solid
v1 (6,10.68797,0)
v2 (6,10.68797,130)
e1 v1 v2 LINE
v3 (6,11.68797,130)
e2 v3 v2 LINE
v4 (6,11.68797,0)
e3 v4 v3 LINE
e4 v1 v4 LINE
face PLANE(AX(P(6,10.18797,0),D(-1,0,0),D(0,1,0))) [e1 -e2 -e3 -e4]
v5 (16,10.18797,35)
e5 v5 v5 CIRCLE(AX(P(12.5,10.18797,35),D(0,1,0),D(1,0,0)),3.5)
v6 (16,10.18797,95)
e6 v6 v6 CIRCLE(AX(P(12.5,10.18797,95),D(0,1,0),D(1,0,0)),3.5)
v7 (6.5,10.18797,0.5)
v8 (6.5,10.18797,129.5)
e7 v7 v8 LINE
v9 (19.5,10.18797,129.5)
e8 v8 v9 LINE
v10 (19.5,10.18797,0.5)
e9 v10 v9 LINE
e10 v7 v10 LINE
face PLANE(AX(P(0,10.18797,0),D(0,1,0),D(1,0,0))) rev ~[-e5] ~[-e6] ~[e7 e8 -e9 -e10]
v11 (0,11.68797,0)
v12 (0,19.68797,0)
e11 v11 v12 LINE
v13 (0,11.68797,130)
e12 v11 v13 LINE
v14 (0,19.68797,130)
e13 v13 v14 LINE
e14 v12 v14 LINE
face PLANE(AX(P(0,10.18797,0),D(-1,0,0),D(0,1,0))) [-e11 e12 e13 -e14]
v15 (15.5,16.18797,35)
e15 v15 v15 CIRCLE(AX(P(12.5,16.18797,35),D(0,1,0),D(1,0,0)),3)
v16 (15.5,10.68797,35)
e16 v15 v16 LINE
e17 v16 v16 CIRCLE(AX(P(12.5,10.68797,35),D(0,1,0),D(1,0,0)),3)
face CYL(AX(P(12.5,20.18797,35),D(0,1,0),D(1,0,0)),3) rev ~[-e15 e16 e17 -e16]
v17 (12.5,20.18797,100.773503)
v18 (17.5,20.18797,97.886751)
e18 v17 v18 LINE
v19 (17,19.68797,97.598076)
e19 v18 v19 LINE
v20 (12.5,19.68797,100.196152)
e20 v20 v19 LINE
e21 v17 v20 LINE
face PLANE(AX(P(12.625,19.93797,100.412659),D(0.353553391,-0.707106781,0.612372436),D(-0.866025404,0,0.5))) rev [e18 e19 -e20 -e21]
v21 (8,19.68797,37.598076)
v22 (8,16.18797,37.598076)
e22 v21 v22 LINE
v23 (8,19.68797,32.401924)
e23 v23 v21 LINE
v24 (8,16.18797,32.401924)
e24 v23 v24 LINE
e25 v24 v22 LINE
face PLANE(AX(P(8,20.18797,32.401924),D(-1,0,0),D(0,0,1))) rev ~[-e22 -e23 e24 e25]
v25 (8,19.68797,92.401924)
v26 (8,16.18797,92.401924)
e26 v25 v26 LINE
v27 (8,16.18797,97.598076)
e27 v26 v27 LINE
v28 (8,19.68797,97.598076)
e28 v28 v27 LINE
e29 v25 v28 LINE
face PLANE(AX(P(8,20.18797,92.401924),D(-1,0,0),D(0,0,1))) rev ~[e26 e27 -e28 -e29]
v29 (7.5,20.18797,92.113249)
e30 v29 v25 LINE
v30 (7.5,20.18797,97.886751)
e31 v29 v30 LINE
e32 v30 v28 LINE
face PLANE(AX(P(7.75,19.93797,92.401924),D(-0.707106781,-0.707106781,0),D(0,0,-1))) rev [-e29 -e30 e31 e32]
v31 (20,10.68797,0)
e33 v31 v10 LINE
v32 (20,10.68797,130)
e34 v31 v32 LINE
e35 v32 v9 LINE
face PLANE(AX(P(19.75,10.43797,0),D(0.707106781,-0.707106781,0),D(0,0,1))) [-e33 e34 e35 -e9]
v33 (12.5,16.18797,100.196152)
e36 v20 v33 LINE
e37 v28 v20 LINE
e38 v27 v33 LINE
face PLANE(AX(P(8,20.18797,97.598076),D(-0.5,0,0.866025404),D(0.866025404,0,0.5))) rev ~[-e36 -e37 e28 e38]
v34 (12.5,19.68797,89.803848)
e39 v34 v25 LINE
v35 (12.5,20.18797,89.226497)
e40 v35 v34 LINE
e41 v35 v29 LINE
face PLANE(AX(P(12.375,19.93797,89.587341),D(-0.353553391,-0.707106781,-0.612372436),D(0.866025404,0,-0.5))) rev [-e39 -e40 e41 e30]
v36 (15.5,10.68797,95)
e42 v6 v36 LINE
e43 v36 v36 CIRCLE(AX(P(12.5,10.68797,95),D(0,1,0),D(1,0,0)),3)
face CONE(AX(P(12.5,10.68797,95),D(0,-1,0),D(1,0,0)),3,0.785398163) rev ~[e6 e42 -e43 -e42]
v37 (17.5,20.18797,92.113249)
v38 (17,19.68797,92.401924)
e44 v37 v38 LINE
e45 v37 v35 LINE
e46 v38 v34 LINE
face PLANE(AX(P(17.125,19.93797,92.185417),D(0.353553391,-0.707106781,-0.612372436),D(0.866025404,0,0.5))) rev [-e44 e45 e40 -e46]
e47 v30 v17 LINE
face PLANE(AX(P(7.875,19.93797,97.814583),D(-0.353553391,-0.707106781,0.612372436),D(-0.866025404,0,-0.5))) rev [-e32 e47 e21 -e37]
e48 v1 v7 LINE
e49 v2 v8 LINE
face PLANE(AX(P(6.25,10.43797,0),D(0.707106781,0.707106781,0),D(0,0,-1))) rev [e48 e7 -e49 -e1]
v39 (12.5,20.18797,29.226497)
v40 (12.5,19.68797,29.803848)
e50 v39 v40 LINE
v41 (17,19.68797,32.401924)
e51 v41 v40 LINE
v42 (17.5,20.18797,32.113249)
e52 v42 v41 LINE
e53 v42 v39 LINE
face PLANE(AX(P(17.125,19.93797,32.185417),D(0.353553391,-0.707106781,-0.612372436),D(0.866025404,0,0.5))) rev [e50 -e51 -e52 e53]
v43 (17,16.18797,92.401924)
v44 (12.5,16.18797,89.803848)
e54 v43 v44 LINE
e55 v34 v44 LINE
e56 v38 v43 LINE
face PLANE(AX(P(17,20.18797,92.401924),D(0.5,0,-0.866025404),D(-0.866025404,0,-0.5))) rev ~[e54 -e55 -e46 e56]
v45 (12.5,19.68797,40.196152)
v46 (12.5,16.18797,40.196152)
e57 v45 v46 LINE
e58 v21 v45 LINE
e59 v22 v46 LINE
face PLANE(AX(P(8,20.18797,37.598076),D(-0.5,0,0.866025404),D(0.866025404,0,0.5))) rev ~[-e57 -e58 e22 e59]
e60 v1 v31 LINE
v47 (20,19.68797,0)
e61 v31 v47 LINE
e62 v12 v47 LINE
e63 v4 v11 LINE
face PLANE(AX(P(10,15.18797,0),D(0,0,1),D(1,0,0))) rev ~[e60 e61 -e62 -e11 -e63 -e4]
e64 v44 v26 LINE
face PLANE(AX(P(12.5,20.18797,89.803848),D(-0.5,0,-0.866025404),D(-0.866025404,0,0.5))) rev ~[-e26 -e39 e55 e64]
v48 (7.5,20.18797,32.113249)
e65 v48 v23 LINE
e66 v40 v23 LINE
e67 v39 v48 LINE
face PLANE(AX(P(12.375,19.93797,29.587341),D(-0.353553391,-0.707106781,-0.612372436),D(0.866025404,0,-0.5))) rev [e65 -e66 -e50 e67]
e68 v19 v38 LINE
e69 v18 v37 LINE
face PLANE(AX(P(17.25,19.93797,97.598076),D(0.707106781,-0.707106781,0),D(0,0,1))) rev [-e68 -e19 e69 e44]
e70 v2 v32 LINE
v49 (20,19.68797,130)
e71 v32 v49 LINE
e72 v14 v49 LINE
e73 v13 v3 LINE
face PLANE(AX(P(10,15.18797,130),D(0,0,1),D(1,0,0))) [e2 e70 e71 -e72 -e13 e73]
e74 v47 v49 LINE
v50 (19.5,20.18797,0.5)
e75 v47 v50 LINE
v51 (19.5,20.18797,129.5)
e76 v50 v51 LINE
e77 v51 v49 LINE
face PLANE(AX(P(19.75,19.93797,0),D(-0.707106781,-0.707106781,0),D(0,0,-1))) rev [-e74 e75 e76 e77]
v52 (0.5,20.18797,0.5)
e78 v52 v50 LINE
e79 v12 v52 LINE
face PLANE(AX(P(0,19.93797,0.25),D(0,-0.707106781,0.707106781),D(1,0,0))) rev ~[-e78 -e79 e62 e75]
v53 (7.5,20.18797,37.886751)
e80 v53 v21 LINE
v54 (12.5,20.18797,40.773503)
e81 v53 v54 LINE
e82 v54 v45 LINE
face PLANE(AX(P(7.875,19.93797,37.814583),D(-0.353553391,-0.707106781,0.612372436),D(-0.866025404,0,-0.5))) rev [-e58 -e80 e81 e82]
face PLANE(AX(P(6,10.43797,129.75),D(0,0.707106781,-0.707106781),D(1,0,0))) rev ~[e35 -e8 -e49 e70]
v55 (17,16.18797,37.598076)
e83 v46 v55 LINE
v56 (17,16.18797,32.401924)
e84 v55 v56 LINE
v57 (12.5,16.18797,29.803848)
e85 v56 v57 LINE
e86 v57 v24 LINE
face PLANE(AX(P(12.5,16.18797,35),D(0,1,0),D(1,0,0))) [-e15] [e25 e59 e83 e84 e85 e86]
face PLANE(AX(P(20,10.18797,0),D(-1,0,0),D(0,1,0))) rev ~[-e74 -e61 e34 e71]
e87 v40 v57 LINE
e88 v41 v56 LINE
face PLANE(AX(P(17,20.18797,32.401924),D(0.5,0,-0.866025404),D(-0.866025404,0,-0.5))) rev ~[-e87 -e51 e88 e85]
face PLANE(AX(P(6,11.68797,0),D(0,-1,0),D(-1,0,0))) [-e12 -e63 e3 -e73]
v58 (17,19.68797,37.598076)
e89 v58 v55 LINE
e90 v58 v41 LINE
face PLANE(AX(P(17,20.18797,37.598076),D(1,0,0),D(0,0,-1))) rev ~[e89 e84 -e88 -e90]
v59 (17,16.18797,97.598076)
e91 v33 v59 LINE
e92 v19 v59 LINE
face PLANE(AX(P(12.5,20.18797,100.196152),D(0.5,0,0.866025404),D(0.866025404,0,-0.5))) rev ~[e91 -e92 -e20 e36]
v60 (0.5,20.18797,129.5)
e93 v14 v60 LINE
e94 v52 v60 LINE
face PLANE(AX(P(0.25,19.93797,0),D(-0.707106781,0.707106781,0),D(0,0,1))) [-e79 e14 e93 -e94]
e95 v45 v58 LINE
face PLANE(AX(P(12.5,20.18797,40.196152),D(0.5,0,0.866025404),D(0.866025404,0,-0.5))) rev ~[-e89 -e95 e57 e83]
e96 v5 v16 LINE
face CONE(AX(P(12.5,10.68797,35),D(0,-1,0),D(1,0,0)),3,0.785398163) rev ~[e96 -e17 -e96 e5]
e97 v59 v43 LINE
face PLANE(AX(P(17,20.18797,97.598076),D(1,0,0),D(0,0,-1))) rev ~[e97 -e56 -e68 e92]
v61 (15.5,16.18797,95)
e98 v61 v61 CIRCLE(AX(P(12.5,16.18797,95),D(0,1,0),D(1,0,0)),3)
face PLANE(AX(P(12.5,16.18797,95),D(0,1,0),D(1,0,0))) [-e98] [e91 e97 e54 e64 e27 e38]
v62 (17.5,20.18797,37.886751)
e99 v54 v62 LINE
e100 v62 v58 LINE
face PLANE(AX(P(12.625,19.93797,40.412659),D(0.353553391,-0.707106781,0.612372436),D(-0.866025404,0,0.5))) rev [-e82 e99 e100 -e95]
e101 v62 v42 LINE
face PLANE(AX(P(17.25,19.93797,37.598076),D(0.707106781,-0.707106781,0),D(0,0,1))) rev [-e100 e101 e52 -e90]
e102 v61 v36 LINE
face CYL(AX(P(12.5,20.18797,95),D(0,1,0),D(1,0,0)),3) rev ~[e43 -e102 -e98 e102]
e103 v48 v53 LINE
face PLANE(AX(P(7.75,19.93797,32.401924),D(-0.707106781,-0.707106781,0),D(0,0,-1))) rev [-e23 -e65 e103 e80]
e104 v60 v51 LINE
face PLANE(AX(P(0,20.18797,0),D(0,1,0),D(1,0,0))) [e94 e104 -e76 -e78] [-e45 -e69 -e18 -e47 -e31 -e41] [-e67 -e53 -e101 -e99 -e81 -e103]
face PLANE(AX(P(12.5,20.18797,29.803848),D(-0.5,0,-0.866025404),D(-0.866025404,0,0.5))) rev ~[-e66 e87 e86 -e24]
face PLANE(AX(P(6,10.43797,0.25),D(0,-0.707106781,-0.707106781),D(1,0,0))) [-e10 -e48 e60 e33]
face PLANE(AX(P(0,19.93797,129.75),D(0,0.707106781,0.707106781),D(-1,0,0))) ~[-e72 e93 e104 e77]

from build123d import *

# Parameters (mm, degrees)
SKETCH1_W           = 20
SKETCH1_H           = 10
BOSS_EXTRUDE1_DEPTH = 130
SKETCH2_R           = 3
CUT_EXTRUDE1_DEPTH  = 140
CUT_EXTRUDE2_DEPTH  = 4
LPATTERN1_COUNT     = 2
LPATTERN1_PITCH     = 60
SKETCH4_W           = 6
SKETCH4_H           = 1.5
CUT_EXTRUDE3_DEPTH  = 200
CHAMFER1_SIZE       = 0.5


with BuildPart() as part:
    # Sketch1 → Boss-Extrude1 (new body)
    with BuildSketch(Plane.XY):
        with Locations((10, 15.187969925)):
            Rectangle(SKETCH1_W, SKETCH1_H)
    extrude(amount=BOSS_EXTRUDE1_DEPTH)

    # Sketch2 → Cut-Extrude1 (cut)
    with BuildSketch(Plane(origin=(0, 20.187969925, 0), x_dir=(1, 0, 0), z_dir=(0, 1, 0))):
        with Locations((12.5, -35)):
            Circle(SKETCH2_R)
    cut_extrude1 = extrude(amount=-CUT_EXTRUDE1_DEPTH, mode=Mode.SUBTRACT)

    # Sketch3 → Cut-Extrude2 (cut)
    with BuildSketch(Plane(origin=(0, 20.187969925, 0), x_dir=(1, 0, 0), z_dir=(0, 1, 0))):
        Polygon((12.5, -29.803847577), (8, -32.401923789), (8, -37.598076211), (12.5, -40.196152423), (17, -37.598076211), (17, -32.401923789), align=None)
    cut_extrude2 = extrude(amount=-CUT_EXTRUDE2_DEPTH, mode=Mode.SUBTRACT)

    # LPattern1: Cut-Extrude1, Cut-Extrude2 ×2
    with Locations(*[(0, 0, i * LPATTERN1_PITCH) for i in range(1, LPATTERN1_COUNT)]):
        add(cut_extrude1, mode=Mode.SUBTRACT)
        add(cut_extrude2, mode=Mode.SUBTRACT)

    # Sketch4 → Cut-Extrude3 (cut)
    with BuildSketch(Plane(origin=(0, 0, 0), x_dir=(-1, 0, 0), z_dir=(0, 0, -1))):
        with Locations((-3, 10.937969925)):
            Rectangle(SKETCH4_W, SKETCH4_H)
    extrude(amount=-CUT_EXTRUDE3_DEPTH, mode=Mode.SUBTRACT)

    # Chamfer1
    chamfer1_edges = [part.edges().sort_by_distance(p)[0] for p in [
        (9.5, 10.187969925, 35),
        (14.75, 20.187969925, 31.102885683),
        (10.25, 20.187969925, 31.102885683),
        (8, 20.187969925, 35),
        (10.25, 20.187969925, 38.897114317),
        (14.75, 20.187969925, 38.897114317),
        (17, 20.187969925, 35),
        (9.5, 10.187969925, 95),
        (14.75, 20.187969925, 91.102885683),
        (10.25, 20.187969925, 91.102885683),
        (8, 20.187969925, 95),
        (10.25, 20.187969925, 98.897114317),
        (14.75, 20.187969925, 98.897114317),
        (17, 20.187969925, 95),
        (10, 20.187969925, 0),
        (13, 10.187969925, 0),
        (13, 10.187969925, 130),
        (6, 10.187969925, 65),
        (20, 10.187969925, 65),
        (0, 20.187969925, 65),
        (20, 20.187969925, 65),
        (10, 20.187969925, 130),
    ]]
    chamfer(chamfer1_edges, length=CHAMFER1_SIZE)


solid = part.part
